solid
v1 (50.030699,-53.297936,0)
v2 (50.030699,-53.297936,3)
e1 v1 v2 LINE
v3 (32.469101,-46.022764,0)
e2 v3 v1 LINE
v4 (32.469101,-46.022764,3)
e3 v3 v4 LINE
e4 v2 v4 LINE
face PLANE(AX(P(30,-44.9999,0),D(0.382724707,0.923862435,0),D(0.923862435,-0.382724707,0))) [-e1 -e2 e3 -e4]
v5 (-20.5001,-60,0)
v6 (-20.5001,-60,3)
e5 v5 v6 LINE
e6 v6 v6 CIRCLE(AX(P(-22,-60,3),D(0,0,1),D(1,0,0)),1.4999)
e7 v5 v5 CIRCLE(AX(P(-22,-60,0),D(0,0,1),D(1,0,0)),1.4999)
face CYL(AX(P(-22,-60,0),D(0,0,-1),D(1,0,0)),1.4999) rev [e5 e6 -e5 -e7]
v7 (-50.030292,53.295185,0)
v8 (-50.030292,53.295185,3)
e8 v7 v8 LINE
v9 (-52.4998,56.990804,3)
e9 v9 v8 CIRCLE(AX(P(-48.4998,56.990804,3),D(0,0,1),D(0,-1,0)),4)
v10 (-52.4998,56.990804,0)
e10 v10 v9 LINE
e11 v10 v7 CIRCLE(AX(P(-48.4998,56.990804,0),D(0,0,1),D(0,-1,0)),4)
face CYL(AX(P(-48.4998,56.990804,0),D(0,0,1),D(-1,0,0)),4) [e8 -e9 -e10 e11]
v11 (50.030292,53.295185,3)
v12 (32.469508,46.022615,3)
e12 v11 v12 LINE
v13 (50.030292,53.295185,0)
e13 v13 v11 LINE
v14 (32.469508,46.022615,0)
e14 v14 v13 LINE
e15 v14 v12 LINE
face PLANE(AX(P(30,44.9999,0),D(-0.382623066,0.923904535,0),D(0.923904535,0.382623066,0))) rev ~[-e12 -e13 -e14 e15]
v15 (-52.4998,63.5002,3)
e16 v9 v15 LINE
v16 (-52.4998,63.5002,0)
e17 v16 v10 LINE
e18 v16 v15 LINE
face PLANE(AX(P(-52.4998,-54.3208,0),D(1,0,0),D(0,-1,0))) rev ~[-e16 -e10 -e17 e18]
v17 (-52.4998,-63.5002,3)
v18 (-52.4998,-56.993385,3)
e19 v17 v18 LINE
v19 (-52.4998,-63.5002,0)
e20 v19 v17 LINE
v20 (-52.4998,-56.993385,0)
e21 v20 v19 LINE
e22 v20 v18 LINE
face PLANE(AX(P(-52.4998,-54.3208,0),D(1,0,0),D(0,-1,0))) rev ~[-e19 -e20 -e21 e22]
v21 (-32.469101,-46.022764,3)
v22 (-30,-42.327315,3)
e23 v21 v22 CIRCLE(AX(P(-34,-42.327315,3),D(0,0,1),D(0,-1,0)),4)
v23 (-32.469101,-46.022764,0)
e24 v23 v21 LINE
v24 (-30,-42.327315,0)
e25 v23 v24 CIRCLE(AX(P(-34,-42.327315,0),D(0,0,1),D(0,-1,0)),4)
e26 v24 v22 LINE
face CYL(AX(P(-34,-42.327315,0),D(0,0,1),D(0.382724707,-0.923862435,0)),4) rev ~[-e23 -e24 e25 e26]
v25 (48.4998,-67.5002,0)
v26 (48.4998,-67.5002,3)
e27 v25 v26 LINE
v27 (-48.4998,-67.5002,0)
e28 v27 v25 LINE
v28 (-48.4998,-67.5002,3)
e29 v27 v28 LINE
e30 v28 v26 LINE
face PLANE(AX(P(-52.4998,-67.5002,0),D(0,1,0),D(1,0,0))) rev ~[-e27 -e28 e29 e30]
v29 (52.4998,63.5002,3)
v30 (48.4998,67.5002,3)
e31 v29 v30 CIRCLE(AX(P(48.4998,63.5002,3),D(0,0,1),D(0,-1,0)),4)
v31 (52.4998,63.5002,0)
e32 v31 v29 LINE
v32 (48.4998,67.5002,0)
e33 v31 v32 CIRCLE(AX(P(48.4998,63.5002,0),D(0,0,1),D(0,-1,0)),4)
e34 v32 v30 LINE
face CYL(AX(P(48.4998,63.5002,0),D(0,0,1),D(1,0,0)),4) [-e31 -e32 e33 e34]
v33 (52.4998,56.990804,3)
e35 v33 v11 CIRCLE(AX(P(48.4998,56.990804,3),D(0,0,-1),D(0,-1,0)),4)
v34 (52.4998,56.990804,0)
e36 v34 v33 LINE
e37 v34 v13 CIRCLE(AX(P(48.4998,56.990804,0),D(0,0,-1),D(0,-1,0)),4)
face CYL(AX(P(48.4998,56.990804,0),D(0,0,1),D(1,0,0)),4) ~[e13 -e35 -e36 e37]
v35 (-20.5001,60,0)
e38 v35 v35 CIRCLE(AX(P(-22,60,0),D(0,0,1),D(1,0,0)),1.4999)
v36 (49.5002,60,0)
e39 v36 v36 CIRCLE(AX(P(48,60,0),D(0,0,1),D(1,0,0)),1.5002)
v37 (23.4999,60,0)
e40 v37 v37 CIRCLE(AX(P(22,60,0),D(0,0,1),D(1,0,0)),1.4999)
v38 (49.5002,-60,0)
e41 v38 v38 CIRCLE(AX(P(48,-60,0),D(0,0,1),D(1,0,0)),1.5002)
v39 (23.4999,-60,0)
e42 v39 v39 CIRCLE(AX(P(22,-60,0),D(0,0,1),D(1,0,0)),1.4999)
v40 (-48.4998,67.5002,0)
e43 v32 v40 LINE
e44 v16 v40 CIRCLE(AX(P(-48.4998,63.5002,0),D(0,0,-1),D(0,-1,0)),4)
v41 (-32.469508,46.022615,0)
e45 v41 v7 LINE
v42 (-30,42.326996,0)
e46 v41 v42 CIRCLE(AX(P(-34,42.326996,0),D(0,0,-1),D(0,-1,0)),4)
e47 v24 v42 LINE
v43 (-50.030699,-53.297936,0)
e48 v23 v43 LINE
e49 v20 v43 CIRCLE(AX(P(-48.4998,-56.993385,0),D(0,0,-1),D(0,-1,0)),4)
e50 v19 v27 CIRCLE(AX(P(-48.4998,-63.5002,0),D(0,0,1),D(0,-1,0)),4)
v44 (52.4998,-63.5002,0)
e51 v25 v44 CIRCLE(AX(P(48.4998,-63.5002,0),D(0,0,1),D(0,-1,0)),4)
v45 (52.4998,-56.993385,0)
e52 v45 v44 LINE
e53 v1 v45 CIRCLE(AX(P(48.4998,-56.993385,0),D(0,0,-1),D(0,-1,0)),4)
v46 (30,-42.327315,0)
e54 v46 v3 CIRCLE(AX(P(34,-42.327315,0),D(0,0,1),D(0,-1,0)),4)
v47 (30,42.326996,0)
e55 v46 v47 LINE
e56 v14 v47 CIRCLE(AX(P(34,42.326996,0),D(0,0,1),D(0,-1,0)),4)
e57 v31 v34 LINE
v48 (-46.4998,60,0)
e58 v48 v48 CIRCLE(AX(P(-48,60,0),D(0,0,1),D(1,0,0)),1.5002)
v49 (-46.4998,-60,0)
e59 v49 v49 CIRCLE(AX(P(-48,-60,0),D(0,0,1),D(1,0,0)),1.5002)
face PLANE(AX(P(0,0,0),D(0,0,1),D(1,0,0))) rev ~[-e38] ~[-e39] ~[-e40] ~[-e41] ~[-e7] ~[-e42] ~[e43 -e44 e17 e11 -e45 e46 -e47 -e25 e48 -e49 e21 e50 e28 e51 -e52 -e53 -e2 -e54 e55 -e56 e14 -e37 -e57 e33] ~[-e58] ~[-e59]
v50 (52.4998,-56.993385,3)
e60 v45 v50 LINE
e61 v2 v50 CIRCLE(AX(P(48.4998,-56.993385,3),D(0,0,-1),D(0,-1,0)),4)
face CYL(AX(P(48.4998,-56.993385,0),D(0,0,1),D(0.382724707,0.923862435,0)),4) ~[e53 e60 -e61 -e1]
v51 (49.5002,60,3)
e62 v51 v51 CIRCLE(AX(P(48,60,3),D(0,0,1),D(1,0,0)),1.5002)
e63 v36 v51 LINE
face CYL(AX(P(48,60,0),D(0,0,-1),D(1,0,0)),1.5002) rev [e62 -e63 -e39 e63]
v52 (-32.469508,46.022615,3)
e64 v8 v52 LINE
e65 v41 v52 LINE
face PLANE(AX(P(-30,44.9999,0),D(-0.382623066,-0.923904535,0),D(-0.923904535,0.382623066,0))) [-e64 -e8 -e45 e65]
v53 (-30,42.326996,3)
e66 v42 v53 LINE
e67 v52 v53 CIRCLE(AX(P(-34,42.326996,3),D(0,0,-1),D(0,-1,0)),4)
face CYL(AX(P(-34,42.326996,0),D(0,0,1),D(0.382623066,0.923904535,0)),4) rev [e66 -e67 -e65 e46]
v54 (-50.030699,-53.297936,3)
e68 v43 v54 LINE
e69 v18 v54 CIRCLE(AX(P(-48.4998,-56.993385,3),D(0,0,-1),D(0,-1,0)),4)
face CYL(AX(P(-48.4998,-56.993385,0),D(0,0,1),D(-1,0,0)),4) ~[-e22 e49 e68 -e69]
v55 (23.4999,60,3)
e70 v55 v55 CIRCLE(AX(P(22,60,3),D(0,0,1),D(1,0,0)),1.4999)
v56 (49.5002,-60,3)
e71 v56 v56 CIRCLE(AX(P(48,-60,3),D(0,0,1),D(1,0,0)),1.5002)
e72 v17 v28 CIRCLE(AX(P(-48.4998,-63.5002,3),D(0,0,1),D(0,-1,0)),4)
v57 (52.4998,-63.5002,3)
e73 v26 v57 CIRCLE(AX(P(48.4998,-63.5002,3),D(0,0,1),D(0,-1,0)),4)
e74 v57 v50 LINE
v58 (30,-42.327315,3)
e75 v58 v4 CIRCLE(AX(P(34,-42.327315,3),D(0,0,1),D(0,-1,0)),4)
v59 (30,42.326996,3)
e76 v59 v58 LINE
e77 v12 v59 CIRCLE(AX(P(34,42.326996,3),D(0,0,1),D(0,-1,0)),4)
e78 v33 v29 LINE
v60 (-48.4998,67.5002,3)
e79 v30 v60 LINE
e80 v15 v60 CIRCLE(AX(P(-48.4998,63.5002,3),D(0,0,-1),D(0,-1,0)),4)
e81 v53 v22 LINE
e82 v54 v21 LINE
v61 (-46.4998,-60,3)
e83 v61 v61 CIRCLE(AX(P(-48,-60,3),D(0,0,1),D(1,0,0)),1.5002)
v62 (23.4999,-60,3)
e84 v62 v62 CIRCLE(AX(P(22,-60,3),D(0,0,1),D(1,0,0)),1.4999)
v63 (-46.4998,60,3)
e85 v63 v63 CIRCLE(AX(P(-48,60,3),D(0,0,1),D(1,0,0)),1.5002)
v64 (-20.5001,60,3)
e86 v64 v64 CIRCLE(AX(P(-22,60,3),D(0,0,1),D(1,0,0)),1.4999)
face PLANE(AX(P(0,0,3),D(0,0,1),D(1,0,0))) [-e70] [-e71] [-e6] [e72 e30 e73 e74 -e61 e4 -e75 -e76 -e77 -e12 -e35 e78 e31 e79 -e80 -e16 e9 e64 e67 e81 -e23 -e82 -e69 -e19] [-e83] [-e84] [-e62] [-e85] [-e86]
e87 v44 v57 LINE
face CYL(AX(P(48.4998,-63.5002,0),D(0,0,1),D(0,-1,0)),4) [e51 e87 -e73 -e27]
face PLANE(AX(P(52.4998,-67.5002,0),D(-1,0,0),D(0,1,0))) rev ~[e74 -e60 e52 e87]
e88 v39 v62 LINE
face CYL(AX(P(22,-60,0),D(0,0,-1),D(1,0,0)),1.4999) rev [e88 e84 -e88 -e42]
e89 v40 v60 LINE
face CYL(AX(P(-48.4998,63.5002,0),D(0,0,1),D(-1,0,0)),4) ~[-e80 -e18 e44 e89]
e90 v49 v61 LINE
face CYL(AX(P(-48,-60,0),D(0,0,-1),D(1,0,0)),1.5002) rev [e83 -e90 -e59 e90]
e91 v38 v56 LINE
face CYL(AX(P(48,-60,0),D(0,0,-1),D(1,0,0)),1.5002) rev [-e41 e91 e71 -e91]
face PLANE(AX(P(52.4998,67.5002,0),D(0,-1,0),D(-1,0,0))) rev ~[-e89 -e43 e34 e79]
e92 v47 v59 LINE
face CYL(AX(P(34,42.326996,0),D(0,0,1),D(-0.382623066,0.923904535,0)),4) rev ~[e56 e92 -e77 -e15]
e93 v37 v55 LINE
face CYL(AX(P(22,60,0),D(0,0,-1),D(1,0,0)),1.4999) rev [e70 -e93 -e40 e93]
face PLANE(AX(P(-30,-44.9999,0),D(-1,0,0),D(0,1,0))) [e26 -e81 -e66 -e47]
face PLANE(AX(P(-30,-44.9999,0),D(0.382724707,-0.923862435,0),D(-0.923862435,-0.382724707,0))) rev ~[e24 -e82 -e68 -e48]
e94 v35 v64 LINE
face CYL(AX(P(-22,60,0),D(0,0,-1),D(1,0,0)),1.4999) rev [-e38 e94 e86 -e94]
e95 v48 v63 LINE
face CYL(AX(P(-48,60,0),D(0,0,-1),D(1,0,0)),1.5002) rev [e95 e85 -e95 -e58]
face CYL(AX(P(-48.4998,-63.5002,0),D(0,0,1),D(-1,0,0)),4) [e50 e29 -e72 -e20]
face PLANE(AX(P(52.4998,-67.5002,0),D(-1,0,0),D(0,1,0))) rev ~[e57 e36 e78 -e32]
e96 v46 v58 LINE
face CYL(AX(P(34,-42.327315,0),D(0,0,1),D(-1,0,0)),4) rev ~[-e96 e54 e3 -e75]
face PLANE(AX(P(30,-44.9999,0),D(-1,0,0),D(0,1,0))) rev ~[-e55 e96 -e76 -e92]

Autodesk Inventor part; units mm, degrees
ref_plane "YZ Plane" through (0, 0, 0) normal (1, 0, 0) x (0, 1, 0)
ref_plane "XZ Plane" through (0, 0, 0) normal (0, 1, 0) x (-1, 0, 0)
ref_plane "XY Plane" through (0, 0, 0) normal (0, 0, 1) x (1, 0, 0)
sketch "Sketch1" plane through (0, 0, 0) normal (0, 0, 1) x (1, 0, 0)
  point P0 (0, 0)
sketch "Sketch2" plane through (0, 0, 0) normal (0, 0, 1) x (1, 0, 0)
  line L0 (-52.4998, -67.5002) -> (52.4998, -67.5002)
  line L1 (52.4998, -67.5002) -> (52.4998, 67.5002)
  line L2 (52.4998, 67.5002) -> (-52.4998, 67.5002)
  line L3 (-52.4998, 67.5002) -> (-52.4998, -67.5002)
  circle A0 centre (48, 60) radius 1.5002
  circle A1 centre (-48, 60) radius 1.5002
  circle A2 centre (-48, -60) radius 1.5002
  circle A3 centre (48, -60) radius 1.5002
  circle A4 centre (22, 60) radius 1.4999
  circle A5 centre (-22, 60) radius 1.4999
  circle A6 centre (22, -60) radius 1.4999
  circle A7 centre (-22, -60) radius 1.4999
  line L4 (0, -44.9999) -> (0, 44.9999)
  line L5 (30, -44.9999) -> (30, 44.9999)
  line L6 (30, 44.9999) -> (52.4998, 54.3179)
  line L7 (30, -44.9999) -> (52.4998, -54.3208)
  line L8 (-30, -44.9999) -> (-30, 44.9999)
  line L9 (-30, 44.9999) -> (-52.4998, 54.3179)
  line L10 (-30, -44.9999) -> (-52.4998, -54.3208)
extrude "Extrusion3" add sketch "Sketch2" along normal blind 3
fillet "Fillet4" radius 4 4 edges at (-52.4998, 67.5002, 1.5) (52.4998, 67.5002, 1.5) (52.4998, -67.5002, 1.5) (-52.4998, -67.5002, 1.5)
extrude "Extrusion4" cut sketch "Sketch2" along normal blind 10 contours L3 L9 L8 L10 | L7 L5 L6 L1
fillet "Fillet5" radius 4 8 edges at (52.4998, 54.3179, 1.5) (30, 44.9999, 1.5) (-30, 44.9999, 1.5) (-52.4998, 54.3179, 1.5) (-30, -44.9999, 1.5) (-52.4998, -54.3208, 1.5) (30, -44.9999, 1.5) (52.4998, -54.3208, 1.5)
properties part number "Controller - Power Board v2"
